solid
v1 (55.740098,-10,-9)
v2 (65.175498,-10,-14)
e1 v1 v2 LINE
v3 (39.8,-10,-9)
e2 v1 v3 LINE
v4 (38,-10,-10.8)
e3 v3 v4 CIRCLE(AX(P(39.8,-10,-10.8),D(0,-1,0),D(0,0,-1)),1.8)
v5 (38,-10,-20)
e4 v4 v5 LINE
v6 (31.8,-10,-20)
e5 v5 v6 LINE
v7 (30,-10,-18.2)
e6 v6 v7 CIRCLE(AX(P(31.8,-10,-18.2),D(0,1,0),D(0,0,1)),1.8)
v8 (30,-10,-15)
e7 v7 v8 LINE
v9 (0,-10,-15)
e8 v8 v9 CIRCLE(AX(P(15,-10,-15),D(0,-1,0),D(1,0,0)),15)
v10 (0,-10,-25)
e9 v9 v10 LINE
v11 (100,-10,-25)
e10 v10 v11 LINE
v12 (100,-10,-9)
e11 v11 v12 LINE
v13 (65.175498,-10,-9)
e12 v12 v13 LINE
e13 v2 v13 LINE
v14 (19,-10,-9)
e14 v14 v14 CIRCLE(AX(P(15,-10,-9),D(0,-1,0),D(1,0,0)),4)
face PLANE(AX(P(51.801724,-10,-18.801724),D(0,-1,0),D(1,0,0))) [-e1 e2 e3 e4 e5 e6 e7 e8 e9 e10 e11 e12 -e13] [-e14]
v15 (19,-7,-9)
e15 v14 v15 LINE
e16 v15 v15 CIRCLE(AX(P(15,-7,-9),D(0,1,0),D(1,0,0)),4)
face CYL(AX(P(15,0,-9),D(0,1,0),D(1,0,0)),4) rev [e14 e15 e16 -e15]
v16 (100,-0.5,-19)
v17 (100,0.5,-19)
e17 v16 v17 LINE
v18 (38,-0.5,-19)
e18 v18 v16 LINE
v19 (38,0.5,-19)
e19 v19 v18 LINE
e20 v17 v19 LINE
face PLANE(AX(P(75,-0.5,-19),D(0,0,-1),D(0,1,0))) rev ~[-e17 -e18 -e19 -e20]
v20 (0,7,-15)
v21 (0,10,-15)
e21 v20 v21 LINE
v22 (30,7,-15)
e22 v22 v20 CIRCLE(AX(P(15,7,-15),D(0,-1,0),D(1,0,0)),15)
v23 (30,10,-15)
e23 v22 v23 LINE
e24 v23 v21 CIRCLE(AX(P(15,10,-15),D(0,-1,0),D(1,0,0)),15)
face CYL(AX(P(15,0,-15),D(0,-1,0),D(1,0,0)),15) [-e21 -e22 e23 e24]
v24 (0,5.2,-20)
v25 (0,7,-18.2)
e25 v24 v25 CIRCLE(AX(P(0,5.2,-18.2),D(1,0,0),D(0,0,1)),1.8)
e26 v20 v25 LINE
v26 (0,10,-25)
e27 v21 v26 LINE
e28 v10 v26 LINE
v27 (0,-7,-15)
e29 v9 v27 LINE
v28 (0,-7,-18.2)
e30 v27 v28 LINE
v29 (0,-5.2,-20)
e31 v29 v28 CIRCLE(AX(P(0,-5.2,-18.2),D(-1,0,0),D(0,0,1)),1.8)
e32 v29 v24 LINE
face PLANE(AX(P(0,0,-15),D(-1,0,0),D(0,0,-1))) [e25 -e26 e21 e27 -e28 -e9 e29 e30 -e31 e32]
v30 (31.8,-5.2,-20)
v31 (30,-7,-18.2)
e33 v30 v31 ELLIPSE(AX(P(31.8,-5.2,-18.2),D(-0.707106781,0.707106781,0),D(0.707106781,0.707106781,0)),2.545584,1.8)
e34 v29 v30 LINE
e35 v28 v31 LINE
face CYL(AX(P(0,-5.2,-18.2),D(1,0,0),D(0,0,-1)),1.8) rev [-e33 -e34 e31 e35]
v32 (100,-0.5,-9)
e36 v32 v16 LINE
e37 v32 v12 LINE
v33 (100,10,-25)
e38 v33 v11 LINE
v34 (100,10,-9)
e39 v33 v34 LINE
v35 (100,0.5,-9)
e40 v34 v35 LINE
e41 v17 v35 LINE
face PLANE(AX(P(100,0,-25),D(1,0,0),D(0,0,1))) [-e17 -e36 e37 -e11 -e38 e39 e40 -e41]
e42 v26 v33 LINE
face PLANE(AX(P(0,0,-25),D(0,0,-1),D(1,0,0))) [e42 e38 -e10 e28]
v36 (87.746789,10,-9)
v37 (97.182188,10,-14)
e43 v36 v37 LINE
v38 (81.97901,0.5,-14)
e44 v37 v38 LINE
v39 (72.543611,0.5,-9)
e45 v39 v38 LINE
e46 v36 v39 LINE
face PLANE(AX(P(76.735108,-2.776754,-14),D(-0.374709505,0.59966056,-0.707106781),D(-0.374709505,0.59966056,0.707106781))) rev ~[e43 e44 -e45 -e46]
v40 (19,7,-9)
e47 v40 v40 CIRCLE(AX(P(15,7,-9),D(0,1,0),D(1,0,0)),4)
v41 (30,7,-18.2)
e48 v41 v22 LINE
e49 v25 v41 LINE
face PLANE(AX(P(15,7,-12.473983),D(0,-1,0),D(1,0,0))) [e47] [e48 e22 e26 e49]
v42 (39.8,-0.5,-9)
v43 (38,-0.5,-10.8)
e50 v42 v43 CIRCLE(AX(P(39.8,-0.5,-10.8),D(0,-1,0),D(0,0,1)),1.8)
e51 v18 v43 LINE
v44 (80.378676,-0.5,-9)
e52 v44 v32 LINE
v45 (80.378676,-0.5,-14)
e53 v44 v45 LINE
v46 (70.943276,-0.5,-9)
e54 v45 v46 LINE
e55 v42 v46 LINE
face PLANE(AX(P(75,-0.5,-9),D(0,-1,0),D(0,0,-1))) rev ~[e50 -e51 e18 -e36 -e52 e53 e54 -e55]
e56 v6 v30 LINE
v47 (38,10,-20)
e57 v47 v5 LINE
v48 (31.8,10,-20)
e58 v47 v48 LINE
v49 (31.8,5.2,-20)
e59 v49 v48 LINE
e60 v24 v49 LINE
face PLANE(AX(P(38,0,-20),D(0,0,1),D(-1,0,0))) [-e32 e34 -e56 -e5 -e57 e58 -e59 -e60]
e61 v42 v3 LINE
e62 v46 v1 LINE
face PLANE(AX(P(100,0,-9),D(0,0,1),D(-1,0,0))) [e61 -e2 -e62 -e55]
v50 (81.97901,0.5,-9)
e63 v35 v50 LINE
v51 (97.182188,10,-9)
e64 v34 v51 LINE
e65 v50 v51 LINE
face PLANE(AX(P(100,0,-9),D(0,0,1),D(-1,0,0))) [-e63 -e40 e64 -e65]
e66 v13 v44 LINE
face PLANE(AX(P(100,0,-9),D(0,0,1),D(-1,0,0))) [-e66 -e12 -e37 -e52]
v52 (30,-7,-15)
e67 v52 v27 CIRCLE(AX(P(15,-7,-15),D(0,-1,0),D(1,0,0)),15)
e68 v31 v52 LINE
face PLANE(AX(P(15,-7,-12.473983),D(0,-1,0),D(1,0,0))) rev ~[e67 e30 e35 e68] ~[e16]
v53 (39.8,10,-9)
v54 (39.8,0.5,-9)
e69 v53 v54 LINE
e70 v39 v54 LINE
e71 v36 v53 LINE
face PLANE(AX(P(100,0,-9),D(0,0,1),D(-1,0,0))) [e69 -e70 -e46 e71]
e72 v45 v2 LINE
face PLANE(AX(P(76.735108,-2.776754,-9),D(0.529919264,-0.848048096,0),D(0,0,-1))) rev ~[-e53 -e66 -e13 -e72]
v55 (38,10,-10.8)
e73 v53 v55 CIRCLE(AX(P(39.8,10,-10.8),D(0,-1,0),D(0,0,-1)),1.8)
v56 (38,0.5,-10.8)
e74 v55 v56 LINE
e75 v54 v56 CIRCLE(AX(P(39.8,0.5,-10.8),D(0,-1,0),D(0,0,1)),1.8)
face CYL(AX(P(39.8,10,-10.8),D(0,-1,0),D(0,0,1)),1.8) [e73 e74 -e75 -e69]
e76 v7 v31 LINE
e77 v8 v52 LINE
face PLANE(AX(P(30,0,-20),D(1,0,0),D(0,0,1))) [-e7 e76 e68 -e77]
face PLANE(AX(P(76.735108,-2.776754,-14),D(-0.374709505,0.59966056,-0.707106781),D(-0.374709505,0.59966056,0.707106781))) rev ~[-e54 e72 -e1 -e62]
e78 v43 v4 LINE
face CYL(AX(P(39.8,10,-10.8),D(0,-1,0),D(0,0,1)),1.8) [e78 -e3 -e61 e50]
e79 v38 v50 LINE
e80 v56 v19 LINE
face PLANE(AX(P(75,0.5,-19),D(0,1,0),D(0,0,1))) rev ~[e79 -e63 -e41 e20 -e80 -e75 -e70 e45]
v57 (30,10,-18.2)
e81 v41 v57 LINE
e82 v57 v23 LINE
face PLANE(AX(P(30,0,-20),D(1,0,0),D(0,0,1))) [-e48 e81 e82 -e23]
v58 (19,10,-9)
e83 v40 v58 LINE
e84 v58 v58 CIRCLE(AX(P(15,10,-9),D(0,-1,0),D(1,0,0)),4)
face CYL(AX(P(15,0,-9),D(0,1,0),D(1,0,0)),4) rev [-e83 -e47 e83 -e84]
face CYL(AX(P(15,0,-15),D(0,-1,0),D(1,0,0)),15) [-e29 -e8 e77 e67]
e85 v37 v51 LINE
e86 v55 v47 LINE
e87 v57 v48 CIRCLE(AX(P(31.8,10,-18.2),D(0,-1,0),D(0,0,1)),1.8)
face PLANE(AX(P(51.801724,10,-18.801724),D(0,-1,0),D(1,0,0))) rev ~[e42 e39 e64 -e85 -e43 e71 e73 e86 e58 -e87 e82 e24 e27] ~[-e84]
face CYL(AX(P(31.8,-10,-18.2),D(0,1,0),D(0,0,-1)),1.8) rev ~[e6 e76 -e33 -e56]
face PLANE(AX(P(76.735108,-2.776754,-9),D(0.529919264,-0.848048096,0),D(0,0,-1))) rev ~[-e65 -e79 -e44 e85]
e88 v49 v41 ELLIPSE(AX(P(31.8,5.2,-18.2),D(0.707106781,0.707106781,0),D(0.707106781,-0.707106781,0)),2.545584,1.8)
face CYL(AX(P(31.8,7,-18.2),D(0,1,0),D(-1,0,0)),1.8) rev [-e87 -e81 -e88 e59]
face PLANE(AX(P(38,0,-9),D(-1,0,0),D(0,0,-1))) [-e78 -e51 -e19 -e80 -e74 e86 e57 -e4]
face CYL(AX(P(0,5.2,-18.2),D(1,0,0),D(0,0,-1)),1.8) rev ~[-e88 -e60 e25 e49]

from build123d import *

# Parameters (mm, degrees)
F0_R      = 4
F1_DEPTH  = 10
F3_DEPTH  = 7
F4_R      = 1.8
F9_DEPTH  = 25
F11_DEPTH = 40


with BuildPart() as f1:
    # F0 (on Front) → F1 (new body, symmetric)
    with BuildSketch(Plane.XZ):
        Polygon((0, -20), (0, -25), (100, -25), (100, -9), (38, -9), (38, -20), (30, -20), align=None)
        with BuildLine():
            Line((0, -15), (0, -20))
            Line((0, -20), (30, -20))
            Line((30, -20), (30, -15))
            ThreePointArc((30, -15), (15, 0), (0, -15))
        make_face()
        with Locations((15, -9)):
            Circle(F0_R, mode=Mode.SUBTRACT)
    extrude(amount=F1_DEPTH, both=True)

    # F2 (on Front) → F3 (cut, symmetric)
    with BuildSketch(Plane.XZ):
        with BuildLine():
            Line((30, -20), (30, -15))
            ThreePointArc((30, -15), (15, 0), (0, -15))
            Line((0, -15), (0, -20))
            Line((0, -20), (30, -20))
        make_face()
    extrude(amount=F3_DEPTH, both=True, mode=Mode.SUBTRACT)

    # F4
    f4_edges = [f1.edges().sort_by_distance(p)[0] for p in [
        (15, 7, -20),
        (15, -7, -20),
        (30, -8.5, -20),
        (30, 8.5, -20),
        (38, 0, -9),
    ]]
    fillet(f4_edges, radius=F4_R)

    # F8 (on face) → F9 (cut, symmetric)
    with BuildSketch(Plane(origin=(53.9389180046, 33.7047767362, 0), x_dir=(-0.5299192642, 0.8480480962, 0), z_dir=(0.8480480962, 0.5299192642, 0))):
        Polygon((-38.0182327263, -9), (-43.0182327263, -9), (-43.0182327263, -14), align=None)
    extrude(amount=F9_DEPTH, both=True, mode=Mode.SUBTRACT)

    # F10 (on offset) → F11 (cut, symmetric)
    with BuildSketch(Plane.YZ.offset(75)):
        Polygon((0.5, -9), (0, -9), (-0.5, -9), (-0.5, -19), (0.5, -19), align=None)
    extrude(amount=F11_DEPTH, both=True, mode=Mode.SUBTRACT)


solid = f1.part
